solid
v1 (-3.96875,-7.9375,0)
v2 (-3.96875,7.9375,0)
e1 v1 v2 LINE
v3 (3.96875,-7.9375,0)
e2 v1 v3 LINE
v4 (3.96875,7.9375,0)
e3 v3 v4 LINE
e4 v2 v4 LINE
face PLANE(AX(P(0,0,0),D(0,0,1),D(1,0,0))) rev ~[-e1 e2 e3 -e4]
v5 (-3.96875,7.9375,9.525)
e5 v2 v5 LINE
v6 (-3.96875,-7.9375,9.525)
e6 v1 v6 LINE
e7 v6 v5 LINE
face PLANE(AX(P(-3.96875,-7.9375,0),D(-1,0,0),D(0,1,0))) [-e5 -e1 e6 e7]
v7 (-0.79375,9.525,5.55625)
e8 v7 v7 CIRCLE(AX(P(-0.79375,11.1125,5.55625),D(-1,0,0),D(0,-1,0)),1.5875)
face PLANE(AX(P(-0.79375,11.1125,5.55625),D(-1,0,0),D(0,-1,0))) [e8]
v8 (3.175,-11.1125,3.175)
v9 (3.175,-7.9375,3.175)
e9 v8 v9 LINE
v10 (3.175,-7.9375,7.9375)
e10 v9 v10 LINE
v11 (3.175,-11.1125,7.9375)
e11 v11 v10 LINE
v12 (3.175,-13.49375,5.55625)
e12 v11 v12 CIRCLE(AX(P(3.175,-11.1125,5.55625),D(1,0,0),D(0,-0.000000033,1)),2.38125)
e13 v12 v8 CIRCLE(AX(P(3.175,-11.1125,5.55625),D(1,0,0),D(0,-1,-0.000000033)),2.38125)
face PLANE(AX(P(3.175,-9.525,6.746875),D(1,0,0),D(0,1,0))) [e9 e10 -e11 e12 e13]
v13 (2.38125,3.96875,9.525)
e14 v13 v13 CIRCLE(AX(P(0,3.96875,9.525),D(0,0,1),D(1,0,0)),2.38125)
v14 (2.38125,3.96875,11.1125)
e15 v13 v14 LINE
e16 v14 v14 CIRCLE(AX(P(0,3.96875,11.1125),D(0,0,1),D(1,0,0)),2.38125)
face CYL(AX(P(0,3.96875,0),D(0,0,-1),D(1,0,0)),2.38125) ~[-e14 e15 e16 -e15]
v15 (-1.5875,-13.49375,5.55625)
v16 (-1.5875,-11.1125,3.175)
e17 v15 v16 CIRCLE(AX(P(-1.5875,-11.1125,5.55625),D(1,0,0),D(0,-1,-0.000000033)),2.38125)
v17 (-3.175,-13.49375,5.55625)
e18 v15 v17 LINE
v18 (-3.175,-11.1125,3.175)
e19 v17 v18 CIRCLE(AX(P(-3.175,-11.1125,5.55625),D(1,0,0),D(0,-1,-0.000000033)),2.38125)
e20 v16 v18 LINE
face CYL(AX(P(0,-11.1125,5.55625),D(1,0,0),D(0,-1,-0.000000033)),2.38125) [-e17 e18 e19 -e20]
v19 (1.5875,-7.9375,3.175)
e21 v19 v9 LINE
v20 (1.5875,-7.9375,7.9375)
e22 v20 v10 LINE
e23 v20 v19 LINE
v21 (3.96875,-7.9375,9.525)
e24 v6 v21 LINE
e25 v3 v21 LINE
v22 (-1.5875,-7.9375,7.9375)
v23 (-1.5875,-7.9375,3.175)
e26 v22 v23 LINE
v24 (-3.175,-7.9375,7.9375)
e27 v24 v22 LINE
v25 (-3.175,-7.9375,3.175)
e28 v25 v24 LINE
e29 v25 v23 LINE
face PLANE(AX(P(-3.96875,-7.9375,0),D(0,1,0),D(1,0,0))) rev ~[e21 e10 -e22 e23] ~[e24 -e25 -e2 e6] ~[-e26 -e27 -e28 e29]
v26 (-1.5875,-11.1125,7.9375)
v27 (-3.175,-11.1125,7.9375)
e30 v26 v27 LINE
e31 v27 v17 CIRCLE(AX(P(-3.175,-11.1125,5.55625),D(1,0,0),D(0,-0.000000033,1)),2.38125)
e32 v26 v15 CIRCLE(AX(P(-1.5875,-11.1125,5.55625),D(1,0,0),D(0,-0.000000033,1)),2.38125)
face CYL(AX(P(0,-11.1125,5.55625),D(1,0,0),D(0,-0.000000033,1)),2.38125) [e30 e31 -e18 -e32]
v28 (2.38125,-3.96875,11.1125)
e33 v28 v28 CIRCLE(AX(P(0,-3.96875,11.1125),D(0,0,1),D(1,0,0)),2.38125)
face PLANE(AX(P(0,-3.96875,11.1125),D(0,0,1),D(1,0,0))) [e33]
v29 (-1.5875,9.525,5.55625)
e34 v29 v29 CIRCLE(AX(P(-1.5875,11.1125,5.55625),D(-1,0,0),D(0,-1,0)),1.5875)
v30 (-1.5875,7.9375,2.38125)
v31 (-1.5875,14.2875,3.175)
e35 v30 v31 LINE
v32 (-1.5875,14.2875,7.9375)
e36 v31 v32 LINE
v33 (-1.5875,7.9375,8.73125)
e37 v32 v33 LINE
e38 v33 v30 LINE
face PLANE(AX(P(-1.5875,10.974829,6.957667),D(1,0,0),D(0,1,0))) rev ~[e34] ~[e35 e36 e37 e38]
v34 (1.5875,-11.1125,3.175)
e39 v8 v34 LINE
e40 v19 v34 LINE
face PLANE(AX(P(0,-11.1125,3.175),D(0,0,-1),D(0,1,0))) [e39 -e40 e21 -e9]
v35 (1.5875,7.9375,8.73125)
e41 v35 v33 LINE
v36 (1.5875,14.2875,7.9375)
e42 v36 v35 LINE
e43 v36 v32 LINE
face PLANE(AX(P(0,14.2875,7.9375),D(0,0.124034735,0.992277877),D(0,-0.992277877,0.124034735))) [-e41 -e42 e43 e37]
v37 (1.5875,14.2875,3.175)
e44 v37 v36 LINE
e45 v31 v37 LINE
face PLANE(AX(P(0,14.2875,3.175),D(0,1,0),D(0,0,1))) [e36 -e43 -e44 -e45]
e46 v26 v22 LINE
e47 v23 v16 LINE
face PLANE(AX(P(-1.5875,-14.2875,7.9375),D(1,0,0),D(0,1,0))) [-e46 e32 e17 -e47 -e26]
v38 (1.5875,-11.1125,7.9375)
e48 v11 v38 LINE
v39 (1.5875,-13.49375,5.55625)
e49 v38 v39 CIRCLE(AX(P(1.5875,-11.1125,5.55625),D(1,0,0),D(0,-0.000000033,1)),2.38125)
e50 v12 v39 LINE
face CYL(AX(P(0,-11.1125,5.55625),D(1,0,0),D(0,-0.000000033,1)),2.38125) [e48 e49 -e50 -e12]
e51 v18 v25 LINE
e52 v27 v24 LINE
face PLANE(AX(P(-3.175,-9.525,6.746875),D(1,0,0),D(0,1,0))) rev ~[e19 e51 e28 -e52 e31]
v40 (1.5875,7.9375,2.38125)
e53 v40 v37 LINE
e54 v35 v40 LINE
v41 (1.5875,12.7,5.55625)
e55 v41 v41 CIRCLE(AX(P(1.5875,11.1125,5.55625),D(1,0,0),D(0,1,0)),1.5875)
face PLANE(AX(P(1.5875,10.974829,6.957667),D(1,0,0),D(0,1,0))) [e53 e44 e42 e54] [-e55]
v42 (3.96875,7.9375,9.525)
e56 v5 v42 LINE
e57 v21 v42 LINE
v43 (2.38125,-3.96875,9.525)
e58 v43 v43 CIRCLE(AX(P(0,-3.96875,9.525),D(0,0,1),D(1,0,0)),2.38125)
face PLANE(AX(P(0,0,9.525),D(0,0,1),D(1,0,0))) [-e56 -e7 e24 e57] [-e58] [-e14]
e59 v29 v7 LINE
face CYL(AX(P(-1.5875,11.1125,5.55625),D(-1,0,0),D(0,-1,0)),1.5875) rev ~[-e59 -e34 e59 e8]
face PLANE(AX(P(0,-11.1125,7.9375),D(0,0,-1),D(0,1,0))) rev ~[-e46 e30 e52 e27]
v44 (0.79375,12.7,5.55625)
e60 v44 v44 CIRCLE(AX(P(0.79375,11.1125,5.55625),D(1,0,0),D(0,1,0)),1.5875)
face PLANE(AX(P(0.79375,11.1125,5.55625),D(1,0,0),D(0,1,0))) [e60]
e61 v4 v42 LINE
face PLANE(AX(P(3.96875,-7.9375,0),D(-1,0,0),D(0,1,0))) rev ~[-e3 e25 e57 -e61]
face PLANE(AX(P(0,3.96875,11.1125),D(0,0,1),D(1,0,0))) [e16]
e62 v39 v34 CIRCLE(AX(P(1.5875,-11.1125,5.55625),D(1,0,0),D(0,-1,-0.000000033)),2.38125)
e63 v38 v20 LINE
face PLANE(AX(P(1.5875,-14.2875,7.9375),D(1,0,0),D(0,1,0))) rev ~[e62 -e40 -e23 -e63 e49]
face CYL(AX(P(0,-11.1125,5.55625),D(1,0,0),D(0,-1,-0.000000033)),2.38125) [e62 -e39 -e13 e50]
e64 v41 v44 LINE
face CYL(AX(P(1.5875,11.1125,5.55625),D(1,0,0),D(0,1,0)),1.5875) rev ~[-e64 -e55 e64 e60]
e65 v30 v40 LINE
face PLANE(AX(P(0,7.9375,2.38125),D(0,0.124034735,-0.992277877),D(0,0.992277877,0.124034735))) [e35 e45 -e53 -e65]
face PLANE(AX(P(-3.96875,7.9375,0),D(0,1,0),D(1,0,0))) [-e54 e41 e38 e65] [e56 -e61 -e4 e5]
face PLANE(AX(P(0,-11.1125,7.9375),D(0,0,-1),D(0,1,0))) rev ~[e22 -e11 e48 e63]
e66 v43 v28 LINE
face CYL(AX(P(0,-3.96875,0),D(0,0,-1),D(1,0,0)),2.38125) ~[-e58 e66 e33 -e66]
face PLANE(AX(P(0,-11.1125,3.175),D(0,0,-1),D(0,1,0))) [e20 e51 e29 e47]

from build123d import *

# Parameters (mm, degrees)
F0_W      = 7.9375
F0_H      = 15.875
F0_R      = 2.38125
F1_DEPTH  = 9.525
F2_DEPTH  = 11.1125
F3_W      = 3.175
F3_H      = 2.38125
F4_DEPTH  = 3.175
F5_W      = 1.5875
F5_H      = 6.35
F6_DEPTH  = 6.35
F7_DEPTH  = 1.5875
F8_R      = 1.5875
F9_DEPTH  = 0.79375
F10_R     = 1.5875
F11_DEPTH = 0.79375


with BuildPart() as f1:
    # F0 (on Top) → F1 (new body)
    with BuildSketch(Plane.XY):
        Rectangle(F0_W, F0_H)
        with Locations((0, -3.96875)):
            Circle(F0_R, mode=Mode.SUBTRACT)
        with Locations((0, 3.96875)):
            Circle(F0_R, mode=Mode.SUBTRACT)
    extrude(amount=F1_DEPTH)

    # F0 (on Top) → F2 (join)
    with BuildSketch(Plane.XY):
        with Locations((0, 3.96875)):
            Circle(F0_R)
        with Locations((0, -3.96875)):
            Circle(F0_R)
    extrude(amount=F2_DEPTH)

    # F3 (on Right) → F4 (join, symmetric)
    with BuildSketch(Plane.YZ):
        with Locations((-9.525, 6.746875)):
            Rectangle(F3_W, F3_H)
        with Locations((-9.525, 4.365625)):
            Rectangle(F3_W, F3_H)
        with BuildLine():
            Line((-13.49375, 5.55625), (-11.1125, 5.55625))
            Line((-11.1125, 5.55625), (-11.1125, 7.9375))
            ThreePointArc((-11.1125, 7.9375), (-12.796298, 7.240048), (-13.49375, 5.55625))
        make_face()
        with BuildLine():
            Line((-11.1125, 3.175), (-11.1125, 5.55625))
            Line((-11.1125, 5.55625), (-13.49375, 5.55625))
            ThreePointArc((-13.49375, 5.55625), (-12.796298, 3.872452), (-11.1125, 3.175))
        make_face()
    extrude(amount=F4_DEPTH, both=True)

    # F5 (on face) → F6 (cut)
    with BuildSketch(Plane.XY.offset(7.9375)):
        with Locations((0.79375, -11.1125)):
            Rectangle(F5_W, F5_H)
        with Locations((-0.79375, -11.1125)):
            Rectangle(F5_W, F5_H)
    extrude(amount=-F6_DEPTH, mode=Mode.SUBTRACT)

    # F3 (on Right) → F7 (join, symmetric)
    with BuildSketch(Plane.YZ):
        Polygon((7.9375, 8.73125), (7.9375, 5.55625), (14.2875, 5.55625), (14.2875, 7.9375), align=None)
        Polygon((14.2875, 5.55625), (7.9375, 5.55625), (7.9375, 2.38125), (14.2875, 3.175), align=None)
    extrude(amount=F7_DEPTH, both=True)

    # F8 (on face) → F9 (cut)
    with BuildSketch(Plane.YZ.offset(1.5875)):
        with Locations((11.1125, 5.55625)):
            Circle(F8_R)
    extrude(amount=-F9_DEPTH, mode=Mode.SUBTRACT)

    # F10 (on face) → F11 (cut)
    with BuildSketch(Plane(origin=(-1.5875, 0, 0), x_dir=(0, -1, 0), z_dir=(-1, 0, 0))):
        with Locations((-11.1125, 5.55625)):
            Circle(F10_R)
    extrude(amount=-F11_DEPTH, mode=Mode.SUBTRACT)


solid = f1.part
